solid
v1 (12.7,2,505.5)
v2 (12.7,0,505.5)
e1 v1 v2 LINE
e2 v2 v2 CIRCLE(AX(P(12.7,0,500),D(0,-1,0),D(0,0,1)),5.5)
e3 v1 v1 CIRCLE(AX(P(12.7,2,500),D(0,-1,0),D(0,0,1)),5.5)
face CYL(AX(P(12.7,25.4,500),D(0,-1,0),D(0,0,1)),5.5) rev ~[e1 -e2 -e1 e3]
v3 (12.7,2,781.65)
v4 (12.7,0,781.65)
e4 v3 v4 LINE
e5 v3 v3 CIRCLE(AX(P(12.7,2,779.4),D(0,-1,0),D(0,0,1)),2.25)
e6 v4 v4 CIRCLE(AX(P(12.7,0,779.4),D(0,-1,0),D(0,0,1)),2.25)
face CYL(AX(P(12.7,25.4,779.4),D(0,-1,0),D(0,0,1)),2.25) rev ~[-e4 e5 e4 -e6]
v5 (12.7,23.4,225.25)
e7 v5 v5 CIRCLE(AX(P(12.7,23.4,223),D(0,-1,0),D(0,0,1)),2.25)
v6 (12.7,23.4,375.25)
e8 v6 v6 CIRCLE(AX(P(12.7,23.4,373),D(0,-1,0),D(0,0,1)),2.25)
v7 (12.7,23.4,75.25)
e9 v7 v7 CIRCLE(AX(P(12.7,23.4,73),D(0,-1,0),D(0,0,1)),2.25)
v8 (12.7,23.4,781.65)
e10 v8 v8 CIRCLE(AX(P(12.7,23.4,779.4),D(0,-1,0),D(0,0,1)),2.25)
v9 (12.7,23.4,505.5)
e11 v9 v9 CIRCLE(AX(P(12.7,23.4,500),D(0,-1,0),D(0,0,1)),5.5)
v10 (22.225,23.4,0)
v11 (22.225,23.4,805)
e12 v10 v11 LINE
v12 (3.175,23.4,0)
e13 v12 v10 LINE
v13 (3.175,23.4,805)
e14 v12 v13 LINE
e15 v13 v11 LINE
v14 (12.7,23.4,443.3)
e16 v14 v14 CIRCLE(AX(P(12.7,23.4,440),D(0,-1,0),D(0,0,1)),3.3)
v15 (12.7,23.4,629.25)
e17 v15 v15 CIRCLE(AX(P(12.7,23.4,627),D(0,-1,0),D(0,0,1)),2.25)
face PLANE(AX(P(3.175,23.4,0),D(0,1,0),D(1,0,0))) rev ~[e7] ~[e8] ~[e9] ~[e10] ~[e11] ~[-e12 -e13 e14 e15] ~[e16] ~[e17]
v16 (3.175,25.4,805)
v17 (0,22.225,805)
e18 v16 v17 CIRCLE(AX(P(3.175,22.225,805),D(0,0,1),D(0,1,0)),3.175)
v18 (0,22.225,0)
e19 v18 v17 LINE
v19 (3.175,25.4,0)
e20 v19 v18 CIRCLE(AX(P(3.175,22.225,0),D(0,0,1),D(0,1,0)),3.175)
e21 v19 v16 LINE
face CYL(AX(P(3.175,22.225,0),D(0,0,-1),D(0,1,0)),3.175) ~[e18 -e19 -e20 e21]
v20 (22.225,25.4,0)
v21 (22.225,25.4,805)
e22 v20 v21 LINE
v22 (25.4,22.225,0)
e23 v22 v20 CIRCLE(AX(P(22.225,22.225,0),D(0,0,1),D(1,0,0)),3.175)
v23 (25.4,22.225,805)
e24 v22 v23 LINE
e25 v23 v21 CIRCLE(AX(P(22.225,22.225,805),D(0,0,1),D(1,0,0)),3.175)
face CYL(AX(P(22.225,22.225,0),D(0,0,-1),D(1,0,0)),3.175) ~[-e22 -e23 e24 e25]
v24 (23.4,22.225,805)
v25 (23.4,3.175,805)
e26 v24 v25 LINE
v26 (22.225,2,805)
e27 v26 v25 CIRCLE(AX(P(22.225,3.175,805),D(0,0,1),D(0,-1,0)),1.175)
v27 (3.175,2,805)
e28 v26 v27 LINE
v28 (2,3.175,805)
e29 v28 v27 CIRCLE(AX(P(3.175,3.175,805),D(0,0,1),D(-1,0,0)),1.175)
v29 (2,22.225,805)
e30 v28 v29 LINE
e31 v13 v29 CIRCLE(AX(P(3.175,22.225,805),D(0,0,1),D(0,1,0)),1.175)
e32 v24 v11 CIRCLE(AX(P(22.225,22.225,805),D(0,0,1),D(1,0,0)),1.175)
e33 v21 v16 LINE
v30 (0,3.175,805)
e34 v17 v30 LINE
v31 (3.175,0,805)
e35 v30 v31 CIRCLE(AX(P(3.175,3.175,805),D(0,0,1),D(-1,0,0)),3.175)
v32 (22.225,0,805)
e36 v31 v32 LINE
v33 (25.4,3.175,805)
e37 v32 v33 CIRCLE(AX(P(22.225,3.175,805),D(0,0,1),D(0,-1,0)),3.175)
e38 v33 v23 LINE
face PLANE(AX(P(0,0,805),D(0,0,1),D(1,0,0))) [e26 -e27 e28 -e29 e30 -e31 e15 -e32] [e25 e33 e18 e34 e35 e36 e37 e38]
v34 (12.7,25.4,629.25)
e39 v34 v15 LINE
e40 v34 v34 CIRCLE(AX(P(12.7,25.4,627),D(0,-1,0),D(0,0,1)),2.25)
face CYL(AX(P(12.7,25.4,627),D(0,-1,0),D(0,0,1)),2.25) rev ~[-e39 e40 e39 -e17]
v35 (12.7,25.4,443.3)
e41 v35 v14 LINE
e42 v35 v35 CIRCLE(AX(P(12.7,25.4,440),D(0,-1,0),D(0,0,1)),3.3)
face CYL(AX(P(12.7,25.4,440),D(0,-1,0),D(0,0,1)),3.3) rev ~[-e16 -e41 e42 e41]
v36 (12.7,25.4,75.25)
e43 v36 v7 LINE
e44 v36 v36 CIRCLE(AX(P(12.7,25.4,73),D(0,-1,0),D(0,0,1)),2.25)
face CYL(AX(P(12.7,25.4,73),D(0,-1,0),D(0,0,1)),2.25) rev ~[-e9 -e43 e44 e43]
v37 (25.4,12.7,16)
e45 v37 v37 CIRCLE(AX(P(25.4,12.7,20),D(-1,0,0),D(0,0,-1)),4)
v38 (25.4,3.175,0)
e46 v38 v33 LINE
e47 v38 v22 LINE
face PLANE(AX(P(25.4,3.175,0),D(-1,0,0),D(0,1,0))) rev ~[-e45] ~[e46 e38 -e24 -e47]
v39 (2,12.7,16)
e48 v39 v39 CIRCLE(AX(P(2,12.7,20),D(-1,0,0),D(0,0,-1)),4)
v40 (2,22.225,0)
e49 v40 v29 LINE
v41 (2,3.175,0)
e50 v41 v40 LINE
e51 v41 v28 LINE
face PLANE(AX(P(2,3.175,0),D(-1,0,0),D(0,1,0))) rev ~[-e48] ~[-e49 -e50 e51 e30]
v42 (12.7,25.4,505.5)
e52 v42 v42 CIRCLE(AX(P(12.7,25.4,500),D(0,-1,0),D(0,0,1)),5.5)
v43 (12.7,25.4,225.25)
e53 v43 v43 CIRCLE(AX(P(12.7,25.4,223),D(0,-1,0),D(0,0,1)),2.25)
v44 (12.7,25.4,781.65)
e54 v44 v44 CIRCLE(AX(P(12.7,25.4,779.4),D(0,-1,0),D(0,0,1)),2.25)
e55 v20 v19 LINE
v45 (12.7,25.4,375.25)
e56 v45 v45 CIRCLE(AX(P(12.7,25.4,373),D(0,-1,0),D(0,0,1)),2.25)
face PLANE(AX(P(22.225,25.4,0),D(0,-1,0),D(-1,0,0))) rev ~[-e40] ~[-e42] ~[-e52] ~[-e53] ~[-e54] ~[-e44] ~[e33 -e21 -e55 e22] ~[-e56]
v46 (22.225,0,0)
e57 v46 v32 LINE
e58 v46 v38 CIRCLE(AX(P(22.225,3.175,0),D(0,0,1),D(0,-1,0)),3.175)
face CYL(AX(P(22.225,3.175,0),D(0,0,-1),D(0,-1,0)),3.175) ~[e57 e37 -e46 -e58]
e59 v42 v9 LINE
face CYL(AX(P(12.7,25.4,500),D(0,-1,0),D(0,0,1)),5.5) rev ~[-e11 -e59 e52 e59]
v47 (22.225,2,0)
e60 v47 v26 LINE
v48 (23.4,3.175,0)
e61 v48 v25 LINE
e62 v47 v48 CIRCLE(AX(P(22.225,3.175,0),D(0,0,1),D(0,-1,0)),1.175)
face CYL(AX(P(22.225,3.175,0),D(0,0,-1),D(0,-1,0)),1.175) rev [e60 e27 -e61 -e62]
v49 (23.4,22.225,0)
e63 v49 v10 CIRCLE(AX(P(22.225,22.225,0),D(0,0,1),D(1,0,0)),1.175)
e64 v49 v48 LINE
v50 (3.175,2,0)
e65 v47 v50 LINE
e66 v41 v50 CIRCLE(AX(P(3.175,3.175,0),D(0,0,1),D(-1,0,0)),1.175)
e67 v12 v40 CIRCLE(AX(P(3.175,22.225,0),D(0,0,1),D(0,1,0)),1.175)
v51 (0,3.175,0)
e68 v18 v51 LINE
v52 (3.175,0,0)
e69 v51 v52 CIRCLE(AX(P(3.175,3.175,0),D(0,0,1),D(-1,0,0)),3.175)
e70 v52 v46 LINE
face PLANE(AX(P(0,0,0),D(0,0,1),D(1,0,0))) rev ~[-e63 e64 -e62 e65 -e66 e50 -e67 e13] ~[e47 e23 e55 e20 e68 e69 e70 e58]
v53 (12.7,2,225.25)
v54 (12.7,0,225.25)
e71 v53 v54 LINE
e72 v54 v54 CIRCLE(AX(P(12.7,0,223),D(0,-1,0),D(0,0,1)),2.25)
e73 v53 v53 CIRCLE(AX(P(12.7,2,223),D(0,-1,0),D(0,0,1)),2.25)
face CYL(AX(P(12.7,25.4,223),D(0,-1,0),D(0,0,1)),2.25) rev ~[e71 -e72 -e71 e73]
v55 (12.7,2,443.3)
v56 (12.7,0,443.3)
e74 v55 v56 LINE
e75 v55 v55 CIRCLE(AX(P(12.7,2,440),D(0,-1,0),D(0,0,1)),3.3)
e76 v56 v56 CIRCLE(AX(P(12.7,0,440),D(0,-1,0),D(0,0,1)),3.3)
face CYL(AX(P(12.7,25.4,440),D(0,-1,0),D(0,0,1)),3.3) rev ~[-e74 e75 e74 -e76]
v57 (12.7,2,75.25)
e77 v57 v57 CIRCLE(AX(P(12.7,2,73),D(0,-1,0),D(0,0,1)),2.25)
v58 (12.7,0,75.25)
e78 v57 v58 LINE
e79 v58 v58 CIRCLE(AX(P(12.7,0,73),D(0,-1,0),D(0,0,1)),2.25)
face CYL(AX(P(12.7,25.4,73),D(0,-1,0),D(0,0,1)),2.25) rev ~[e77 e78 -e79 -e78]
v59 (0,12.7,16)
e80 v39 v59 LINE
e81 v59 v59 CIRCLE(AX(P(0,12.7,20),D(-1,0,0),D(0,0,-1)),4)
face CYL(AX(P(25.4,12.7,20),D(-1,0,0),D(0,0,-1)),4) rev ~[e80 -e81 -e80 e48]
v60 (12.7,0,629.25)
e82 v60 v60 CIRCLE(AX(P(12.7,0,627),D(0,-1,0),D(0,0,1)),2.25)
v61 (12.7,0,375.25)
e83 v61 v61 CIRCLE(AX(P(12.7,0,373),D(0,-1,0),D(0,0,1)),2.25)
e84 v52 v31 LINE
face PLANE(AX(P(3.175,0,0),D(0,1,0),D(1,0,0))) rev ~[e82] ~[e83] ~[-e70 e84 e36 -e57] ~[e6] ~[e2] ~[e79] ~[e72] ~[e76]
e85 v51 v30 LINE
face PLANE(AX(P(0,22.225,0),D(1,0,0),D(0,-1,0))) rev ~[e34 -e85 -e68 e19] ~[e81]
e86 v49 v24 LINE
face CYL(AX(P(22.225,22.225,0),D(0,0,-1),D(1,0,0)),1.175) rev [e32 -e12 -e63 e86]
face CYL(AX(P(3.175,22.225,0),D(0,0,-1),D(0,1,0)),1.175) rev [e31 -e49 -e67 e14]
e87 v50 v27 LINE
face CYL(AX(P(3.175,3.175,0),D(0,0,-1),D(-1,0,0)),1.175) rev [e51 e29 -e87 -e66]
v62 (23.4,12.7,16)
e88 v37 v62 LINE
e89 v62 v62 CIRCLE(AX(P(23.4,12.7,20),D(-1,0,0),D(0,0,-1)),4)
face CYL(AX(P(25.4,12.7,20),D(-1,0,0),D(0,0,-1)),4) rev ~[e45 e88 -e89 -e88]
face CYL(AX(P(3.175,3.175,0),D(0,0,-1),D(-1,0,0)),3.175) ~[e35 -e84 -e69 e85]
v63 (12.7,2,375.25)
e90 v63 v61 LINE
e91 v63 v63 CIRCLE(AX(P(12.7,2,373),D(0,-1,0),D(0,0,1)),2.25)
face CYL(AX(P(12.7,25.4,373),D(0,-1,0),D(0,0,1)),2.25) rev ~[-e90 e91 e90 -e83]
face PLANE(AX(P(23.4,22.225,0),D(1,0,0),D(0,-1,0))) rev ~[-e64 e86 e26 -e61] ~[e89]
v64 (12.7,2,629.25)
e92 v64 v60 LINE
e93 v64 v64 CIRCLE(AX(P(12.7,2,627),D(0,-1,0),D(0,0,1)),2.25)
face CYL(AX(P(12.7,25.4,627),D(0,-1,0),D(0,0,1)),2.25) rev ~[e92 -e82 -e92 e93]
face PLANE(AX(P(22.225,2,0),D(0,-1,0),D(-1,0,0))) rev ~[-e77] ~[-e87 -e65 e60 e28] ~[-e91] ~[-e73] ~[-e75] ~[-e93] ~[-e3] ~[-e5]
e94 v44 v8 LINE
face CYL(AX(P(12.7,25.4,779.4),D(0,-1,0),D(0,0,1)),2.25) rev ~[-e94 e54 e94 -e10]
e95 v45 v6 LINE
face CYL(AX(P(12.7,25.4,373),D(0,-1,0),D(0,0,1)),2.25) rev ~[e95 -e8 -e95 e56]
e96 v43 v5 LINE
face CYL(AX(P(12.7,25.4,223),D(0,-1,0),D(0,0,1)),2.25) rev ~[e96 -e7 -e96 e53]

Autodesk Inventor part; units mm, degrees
ref_plane "YZ Plane" through (0, 0, 0) normal (1, 0, 0) x (0, 1, 0)
ref_plane "XZ Plane" through (0, 0, 0) normal (0, 1, 0) x (-1, 0, 0)
ref_plane "XY Plane" through (0, 0, 0) normal (0, 0, 1) x (1, 0, 0)
sketch "Sketch1" plane through (0, 0, 0) normal (0, 0, 1) x (1, 0, 0)
  line L0 (3.175, 0) -> (22.225, 0)
  line L1 (25.4, 3.175) -> (25.4, 22.225)
  line L2 (22.225, 25.4) -> (3.175, 25.4)
  line L3 (0, 22.225) -> (0, 3.175)
  arc A0 (3.175, 25.4) -> (0, 22.225) centre (3.175, 22.225) ccw
  arc A1 (0, 3.175) -> (3.175, 0) centre (3.175, 3.175) ccw
  arc A2 (22.225, 0) -> (25.4, 3.175) centre (22.225, 3.175) ccw
  arc A3 (25.4, 22.225) -> (22.225, 25.4) centre (22.225, 22.225) ccw
  line L4 (3.175, 23.4) -> (22.225, 23.4)
  arc A4 (23.4, 22.225) -> (22.225, 23.4) centre (22.225, 22.225) ccw
  line L5 (23.4, 22.225) -> (23.4, 3.175)
  arc A5 (22.225, 2) -> (23.4, 3.175) centre (22.225, 3.175) ccw
  line L6 (22.225, 2) -> (3.175, 2)
  arc A6 (2, 3.175) -> (3.175, 2) centre (3.175, 3.175) ccw
  line L7 (2, 3.175) -> (2, 22.225)
  arc A7 (3.175, 23.4) -> (2, 22.225) centre (3.175, 22.225) ccw
  point P0 (0, 0)
  point P1 (25.4, 0)
  point P2 (0, 25.4)
  dimension "d0" = 25.4
  dimension "d1" = 25.4
  dimension "d2" = 3.175
  dimension "d3" = 2
extrude "Extrusion1" add sketch "Sketch1" along normal blind 1000
sketch "Sketch11" plane through (3.175, 25.4, 1000) normal (0, 1, 0) x (1, 0, 0)
  circle A0 centre (9.525, 500) radius 4.7917
  point P0 (-3.175, 1000)
hole "centerHole" at (12.7, 25.4, 500) direction (0, -1, 0) diameter 11 end through all clearance for "Flat Head Machine Screw" size "M10" standard "Ansi Metric M Profile"
sketch "Sketch12" plane through (3.175, 25.4, 1000) normal (0, 1, 0) x (1, 0, 0)
  line L0 (0, 1000) -> (0, 0) projected
  circle A0 centre (9.525, 927) radius 1.5875
  circle A1 centre (9.525, 777) radius 1.5875
  circle A2 centre (9.525, 627) radius 1.5875
  circle A3 centre (9.525, 500) radius 5.5 projected
  point P0 (-3.175, 1000)
  dimension "d76" = 3.175
  dimension "d80" = 150
  dimension "d140" = 127
hole "longSideHoles" at (12.7, 25.4, 73) at (12.7, 25.4, 223) at (12.7, 25.4, 373) direction (0, -1, 0) diameter 4.5 end through all clearance for "Flat Head Machine Screw" size "M4" standard "Ansi Metric M Profile"
sketch "Sketch13" plane through (3.175, 25.4, 1000) normal (0, 1, 0) x (1, 0, 0)
  line L0 (0, 1000) -> (0, 0) projected
  circle A0 centre (9.525, 68.2) radius 1.5875
  circle A1 centre (9.525, 220.6) radius 1.5875
  circle A2 centre (9.525, 373) radius 1.5875
  circle A3 centre (9.525, 500) radius 5.5 projected
  point P0 (-3.175, 1000)
  dimension "d96" = 152.4
  dimension "d137" = 127
  dimension "d138" = 152.4
hole "shortSideHoles" at (12.7, 25.4, 627) at (12.7, 25.4, 779.4) at (12.7, 25.4, 931.8) direction (0, -1, 0) diameter 4.5 end through all clearance for "Flat Head Machine Screw" size "M4" standard "Ansi Metric M Profile"
sketch "Sketch14" plane through (25.4, 22.225, 1000) normal (1, 0, 0) x (0, 0, -1)
  line L0 (1000, -19.05) -> (1000, 0) projected
  line L1 (0, -19.05) -> (0, 0) projected
  circle A0 centre (30, -9.525) radius 4.7625
  circle A1 centre (980, -9.525) radius 4.7625
  point P0 (1000, -22.225)
  dimension "d108" = 9.525
  dimension "d109" = 30
  dimension "d110" = 9.525
  dimension "d111" = 20
hole "shackleHole" at (25.4, 12.7, 970) at (25.4, 12.7, 20) direction (-1, 0, 0) diameter 8 end through all
sketch "Sketch15" plane through (3.175, 25.4, 1000) normal (0, 1, 0) x (1, 0, 0)
  circle A0 centre (9.525, 500) radius 5.5 projected
  circle A1 centre (9.525, 560) radius 3.175
  point P0 (-3.175, 1000)
  dimension "d119" = 6.35
  dimension "d120" = 60
hole "collarHole" at (12.7, 25.4, 440) direction (0, -1, 0) diameter 6.6 end through all clearance for "Flat Head Machine Screw" size "M6" standard "Ansi Metric M Profile"
sketch "Sketch16" plane through (0, 0, 1000) normal (0, 0, 1) x (1, 0, 0)
  arc A0 (23.4, 22.225) -> (22.225, 23.4) centre (22.225, 22.225) ccw projected
  line L0 (23.4, 22.225) -> (23.4, 3.175) projected
  arc A1 (22.225, 2) -> (23.4, 3.175) centre (22.225, 3.175) ccw projected
  line L1 (22.225, 2) -> (3.175, 2) projected
  arc A2 (2, 3.175) -> (3.175, 2) centre (3.175, 3.175) ccw projected
  line L2 (2, 3.175) -> (2, 22.225) projected
  arc A3 (3.175, 23.4) -> (2, 22.225) centre (3.175, 22.225) ccw projected
  line L3 (3.175, 23.4) -> (22.225, 23.4) projected
  line L4 (0, 22.225) -> (0, 3.175) projected
  arc A4 (0, 3.175) -> (3.175, 0) centre (3.175, 3.175) ccw projected
  line L5 (3.175, 0) -> (22.225, 0) projected
  arc A5 (22.225, 0) -> (25.4, 3.175) centre (22.225, 3.175) ccw projected
  line L6 (25.4, 3.175) -> (25.4, 22.225) projected
  arc A6 (25.4, 22.225) -> (22.225, 25.4) centre (22.225, 22.225) ccw projected
  line L7 (22.225, 25.4) -> (3.175, 25.4) projected
  arc A7 (3.175, 25.4) -> (0, 22.225) centre (3.175, 22.225) ccw projected
  point P0 (0, 0)
extrude "removeSide" cut sketch "Sketch16" against normal blind 195
equation "\"d0\" = tube"
equation "\"d1\" = tube"
equation "\"tube\" = 25.4"
properties part number "2f2al" material "Steel"
